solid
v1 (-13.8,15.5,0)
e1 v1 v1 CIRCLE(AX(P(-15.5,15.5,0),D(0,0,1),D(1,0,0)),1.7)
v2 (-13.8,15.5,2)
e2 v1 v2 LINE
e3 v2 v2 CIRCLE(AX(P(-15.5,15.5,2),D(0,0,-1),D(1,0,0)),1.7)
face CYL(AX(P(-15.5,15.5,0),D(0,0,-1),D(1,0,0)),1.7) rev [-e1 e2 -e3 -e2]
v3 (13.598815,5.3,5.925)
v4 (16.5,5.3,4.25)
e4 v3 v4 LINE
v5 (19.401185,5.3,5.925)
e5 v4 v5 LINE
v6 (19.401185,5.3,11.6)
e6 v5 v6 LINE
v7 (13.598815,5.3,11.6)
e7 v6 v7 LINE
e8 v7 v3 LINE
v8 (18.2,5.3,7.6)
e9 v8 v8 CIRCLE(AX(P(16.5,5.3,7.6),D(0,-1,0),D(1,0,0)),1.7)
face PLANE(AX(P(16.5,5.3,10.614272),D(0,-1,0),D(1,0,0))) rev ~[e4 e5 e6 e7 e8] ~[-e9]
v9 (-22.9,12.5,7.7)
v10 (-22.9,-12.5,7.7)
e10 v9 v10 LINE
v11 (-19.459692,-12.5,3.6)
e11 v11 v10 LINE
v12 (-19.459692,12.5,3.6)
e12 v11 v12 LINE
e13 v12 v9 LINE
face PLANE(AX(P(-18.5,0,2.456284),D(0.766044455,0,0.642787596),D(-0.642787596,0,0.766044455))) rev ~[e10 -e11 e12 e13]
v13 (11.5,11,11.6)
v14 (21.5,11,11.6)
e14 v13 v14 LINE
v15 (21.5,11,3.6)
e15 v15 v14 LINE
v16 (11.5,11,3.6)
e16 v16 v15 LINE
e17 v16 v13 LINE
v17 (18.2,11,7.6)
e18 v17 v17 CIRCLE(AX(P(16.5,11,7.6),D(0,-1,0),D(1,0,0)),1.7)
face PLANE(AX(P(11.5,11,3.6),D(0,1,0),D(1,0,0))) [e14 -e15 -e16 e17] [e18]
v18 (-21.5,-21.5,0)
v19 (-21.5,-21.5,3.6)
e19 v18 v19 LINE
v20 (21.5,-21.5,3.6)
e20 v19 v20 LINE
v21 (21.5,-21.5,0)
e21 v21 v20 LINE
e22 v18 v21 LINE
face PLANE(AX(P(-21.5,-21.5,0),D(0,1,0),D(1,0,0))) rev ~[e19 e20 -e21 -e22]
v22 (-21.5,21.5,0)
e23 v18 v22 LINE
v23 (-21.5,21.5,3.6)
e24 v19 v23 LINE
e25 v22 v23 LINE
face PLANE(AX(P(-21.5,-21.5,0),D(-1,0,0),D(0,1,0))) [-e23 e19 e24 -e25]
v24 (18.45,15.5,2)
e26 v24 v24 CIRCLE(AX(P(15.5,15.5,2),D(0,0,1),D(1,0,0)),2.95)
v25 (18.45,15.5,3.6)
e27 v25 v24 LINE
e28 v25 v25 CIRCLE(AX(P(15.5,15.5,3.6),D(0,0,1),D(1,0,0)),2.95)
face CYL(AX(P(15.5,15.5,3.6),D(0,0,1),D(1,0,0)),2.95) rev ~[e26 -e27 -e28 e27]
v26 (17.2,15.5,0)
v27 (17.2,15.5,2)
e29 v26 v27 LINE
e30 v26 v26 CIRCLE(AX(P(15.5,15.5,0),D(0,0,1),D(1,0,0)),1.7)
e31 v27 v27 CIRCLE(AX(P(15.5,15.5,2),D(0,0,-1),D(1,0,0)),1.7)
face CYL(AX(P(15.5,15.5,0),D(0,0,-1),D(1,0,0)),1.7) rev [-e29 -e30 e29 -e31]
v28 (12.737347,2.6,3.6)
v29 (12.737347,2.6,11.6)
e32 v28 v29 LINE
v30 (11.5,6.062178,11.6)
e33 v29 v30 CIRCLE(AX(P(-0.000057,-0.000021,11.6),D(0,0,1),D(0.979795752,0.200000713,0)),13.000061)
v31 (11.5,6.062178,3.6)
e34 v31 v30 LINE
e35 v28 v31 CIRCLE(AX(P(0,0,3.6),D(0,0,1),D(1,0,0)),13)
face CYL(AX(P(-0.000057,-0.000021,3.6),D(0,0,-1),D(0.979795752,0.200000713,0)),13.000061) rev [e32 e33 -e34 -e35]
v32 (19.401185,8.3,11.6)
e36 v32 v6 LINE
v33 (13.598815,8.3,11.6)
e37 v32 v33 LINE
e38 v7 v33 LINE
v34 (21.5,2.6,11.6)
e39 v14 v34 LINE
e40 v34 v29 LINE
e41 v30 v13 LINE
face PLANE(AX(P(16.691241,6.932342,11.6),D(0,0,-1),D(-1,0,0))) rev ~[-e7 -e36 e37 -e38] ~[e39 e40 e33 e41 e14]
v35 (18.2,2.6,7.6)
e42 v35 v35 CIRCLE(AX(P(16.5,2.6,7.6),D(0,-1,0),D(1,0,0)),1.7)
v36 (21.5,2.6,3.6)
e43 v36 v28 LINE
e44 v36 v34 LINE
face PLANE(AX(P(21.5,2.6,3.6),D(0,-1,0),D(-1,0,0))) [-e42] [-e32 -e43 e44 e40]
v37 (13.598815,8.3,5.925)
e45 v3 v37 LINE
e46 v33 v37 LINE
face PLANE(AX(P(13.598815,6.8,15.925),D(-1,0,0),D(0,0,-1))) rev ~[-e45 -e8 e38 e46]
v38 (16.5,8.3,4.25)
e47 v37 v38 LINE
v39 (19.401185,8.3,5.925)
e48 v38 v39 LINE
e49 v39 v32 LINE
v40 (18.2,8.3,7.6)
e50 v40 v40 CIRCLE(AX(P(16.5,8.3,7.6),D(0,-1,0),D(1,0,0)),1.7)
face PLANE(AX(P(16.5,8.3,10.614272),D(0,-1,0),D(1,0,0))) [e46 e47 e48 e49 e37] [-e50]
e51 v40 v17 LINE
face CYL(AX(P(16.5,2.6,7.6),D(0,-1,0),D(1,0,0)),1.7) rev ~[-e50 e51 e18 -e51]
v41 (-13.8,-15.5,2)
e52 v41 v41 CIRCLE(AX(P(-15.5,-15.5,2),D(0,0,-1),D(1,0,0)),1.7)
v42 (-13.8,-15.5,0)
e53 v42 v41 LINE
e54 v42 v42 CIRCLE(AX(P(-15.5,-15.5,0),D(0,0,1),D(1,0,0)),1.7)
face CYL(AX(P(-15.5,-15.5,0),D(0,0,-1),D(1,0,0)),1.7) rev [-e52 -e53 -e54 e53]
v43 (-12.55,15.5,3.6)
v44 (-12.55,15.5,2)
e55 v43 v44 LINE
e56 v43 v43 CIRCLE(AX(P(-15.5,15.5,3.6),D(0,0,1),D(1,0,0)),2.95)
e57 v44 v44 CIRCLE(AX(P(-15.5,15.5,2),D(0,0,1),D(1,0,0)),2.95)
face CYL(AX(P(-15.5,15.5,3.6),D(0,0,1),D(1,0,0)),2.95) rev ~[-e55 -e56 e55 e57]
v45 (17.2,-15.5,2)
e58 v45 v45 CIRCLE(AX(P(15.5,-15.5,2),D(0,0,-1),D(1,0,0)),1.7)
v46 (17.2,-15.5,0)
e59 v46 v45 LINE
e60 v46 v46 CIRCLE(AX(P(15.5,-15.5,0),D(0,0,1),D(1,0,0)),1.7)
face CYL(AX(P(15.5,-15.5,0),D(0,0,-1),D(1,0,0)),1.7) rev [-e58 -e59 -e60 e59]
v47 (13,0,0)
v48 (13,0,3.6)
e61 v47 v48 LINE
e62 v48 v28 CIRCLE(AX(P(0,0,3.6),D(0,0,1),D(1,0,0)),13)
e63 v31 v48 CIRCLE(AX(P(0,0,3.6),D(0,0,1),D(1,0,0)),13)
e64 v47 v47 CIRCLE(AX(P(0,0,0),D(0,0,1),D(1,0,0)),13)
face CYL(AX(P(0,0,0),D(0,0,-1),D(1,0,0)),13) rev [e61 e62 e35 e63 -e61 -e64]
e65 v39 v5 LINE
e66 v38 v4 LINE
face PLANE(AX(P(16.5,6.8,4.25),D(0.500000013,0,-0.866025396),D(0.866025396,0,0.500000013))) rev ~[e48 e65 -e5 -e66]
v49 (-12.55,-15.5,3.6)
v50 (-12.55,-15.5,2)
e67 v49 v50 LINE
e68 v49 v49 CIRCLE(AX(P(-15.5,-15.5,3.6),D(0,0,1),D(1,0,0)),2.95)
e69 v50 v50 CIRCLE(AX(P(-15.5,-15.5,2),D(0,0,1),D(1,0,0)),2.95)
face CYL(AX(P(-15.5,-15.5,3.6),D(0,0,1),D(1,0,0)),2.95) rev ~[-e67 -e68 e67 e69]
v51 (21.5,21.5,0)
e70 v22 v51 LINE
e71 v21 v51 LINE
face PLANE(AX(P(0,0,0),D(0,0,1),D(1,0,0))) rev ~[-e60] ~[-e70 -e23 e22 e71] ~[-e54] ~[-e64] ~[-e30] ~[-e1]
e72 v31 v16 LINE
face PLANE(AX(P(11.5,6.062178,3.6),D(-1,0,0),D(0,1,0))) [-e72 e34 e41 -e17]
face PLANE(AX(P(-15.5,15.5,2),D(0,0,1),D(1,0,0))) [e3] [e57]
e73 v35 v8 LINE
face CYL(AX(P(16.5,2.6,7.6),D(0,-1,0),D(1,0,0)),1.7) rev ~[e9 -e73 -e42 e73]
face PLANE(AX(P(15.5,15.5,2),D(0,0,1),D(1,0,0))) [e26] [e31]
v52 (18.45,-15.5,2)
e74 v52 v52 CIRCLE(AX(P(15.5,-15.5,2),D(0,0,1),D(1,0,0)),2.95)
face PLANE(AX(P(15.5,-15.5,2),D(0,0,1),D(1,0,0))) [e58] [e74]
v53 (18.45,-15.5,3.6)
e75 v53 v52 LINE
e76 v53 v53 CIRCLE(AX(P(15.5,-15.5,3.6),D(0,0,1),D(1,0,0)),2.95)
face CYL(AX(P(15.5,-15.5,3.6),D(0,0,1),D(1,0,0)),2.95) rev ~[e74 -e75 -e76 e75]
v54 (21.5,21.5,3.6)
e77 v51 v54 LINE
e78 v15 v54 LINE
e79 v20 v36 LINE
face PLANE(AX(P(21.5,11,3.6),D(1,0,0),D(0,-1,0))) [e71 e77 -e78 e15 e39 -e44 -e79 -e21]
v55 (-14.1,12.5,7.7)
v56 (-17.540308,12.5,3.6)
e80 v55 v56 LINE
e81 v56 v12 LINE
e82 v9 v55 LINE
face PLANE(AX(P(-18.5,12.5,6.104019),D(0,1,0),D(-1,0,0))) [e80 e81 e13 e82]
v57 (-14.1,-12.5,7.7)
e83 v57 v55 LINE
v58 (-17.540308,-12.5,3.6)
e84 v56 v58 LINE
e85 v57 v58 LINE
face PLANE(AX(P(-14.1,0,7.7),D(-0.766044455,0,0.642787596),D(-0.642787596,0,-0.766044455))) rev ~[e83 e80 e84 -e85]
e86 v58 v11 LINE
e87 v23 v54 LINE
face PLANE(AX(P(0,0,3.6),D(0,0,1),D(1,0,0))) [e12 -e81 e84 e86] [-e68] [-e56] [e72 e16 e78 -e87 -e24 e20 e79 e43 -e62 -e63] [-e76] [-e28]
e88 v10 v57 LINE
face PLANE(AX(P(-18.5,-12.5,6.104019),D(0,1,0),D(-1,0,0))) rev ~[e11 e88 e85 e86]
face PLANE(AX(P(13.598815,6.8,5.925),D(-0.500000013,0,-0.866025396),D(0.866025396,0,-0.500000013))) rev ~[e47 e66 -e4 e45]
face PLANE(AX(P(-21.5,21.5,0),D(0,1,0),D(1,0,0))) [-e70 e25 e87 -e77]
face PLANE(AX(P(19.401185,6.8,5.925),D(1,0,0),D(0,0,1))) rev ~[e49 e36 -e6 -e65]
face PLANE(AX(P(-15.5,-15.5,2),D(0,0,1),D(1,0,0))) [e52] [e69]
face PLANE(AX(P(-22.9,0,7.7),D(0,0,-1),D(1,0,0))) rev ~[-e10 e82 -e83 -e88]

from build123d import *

# Parameters (mm, degrees)
SKETCH_W        = 43
SKETCH_H        = 43
SKETCH_R        = 13
SKETCH_R_2      = 1.7
PAD_DEPTH       = 3.6
SKETCH001_R     = 2.95
POCKET_DEPTH    = 1.6
PAD001_DEPTH    = 8
SKETCH003_R     = 1.7
POCKET001_DEPTH = 18.901
POCKET002_DEPTH = 1.5
PAD002_DEPTH    = 12.5


with BuildPart() as part:
    # Sketch → Pad (new body)
    with BuildSketch(Plane.XY):
        Rectangle(SKETCH_W, SKETCH_H)
        Circle(SKETCH_R, mode=Mode.SUBTRACT)
        with Locations((-15.5, 15.5)):
            Circle(SKETCH_R_2, mode=Mode.SUBTRACT)
        with Locations((15.5, 15.5)):
            Circle(SKETCH_R_2, mode=Mode.SUBTRACT)
        with Locations((15.5, -15.5)):
            Circle(SKETCH_R_2, mode=Mode.SUBTRACT)
        with Locations((-15.5, -15.5)):
            Circle(SKETCH_R_2, mode=Mode.SUBTRACT)
    extrude(amount=PAD_DEPTH)

    # Sketch001 (on Face11 of Pad) → Pocket (cut)
    with BuildSketch(Plane.XY.offset(3.6)):
        with Locations((15.5, 15.5)):
            Circle(SKETCH001_R)
        with Locations((-15.5, 15.5)):
            Circle(SKETCH001_R)
        with Locations((-15.5, -15.5)):
            Circle(SKETCH001_R)
        with Locations((15.5, -15.5)):
            Circle(SKETCH001_R)
    extrude(amount=-POCKET_DEPTH, mode=Mode.SUBTRACT)

    # Sketch002 (on Face5 of Pocket) → Pad001 (join)
    with BuildSketch(Plane.XY.offset(3.6)):
        with BuildLine():
            ThreePointArc((12.737347, 2.6), (12.241687, 4.375053), (11.5, 6.062178))
            Line((11.5, 6.062178), (11.5, 11))
            Line((11.5, 11), (21.5, 11))
            Line((21.5, 11), (21.5, 2.6))
            Line((21.5, 2.6), (12.737347, 2.6))
        make_face()
    extrude(amount=PAD001_DEPTH)

    # Sketch003 (on Face10 of Pad001) → Pocket001 (cut, through all)
    with BuildSketch(Plane.XZ.offset(-2.6)):
        with Locations((16.5, 7.6)):
            Circle(SKETCH003_R)
    extrude(amount=-POCKET001_DEPTH, mode=Mode.SUBTRACT)

    # Sketch004 (on DatumPlane) → Pocket002 (cut, symmetric)
    with BuildSketch(Plane.XZ.offset(-6.8)):
        Polygon((13.598815, 5.925), (16.5, 4.25), (19.401185, 5.925), (19.401185, 15.925), (13.598815, 15.925), align=None)
    extrude(amount=POCKET002_DEPTH, both=True, mode=Mode.SUBTRACT)

    # Sketch005 → Pad002 (join, symmetric)
    with BuildSketch(Plane.XZ):
        Polygon((-22.9, 7.7), (-14.1, 7.7), (-18.5, 2.456284), align=None)
    extrude(amount=PAD002_DEPTH, both=True)


solid = part.part
